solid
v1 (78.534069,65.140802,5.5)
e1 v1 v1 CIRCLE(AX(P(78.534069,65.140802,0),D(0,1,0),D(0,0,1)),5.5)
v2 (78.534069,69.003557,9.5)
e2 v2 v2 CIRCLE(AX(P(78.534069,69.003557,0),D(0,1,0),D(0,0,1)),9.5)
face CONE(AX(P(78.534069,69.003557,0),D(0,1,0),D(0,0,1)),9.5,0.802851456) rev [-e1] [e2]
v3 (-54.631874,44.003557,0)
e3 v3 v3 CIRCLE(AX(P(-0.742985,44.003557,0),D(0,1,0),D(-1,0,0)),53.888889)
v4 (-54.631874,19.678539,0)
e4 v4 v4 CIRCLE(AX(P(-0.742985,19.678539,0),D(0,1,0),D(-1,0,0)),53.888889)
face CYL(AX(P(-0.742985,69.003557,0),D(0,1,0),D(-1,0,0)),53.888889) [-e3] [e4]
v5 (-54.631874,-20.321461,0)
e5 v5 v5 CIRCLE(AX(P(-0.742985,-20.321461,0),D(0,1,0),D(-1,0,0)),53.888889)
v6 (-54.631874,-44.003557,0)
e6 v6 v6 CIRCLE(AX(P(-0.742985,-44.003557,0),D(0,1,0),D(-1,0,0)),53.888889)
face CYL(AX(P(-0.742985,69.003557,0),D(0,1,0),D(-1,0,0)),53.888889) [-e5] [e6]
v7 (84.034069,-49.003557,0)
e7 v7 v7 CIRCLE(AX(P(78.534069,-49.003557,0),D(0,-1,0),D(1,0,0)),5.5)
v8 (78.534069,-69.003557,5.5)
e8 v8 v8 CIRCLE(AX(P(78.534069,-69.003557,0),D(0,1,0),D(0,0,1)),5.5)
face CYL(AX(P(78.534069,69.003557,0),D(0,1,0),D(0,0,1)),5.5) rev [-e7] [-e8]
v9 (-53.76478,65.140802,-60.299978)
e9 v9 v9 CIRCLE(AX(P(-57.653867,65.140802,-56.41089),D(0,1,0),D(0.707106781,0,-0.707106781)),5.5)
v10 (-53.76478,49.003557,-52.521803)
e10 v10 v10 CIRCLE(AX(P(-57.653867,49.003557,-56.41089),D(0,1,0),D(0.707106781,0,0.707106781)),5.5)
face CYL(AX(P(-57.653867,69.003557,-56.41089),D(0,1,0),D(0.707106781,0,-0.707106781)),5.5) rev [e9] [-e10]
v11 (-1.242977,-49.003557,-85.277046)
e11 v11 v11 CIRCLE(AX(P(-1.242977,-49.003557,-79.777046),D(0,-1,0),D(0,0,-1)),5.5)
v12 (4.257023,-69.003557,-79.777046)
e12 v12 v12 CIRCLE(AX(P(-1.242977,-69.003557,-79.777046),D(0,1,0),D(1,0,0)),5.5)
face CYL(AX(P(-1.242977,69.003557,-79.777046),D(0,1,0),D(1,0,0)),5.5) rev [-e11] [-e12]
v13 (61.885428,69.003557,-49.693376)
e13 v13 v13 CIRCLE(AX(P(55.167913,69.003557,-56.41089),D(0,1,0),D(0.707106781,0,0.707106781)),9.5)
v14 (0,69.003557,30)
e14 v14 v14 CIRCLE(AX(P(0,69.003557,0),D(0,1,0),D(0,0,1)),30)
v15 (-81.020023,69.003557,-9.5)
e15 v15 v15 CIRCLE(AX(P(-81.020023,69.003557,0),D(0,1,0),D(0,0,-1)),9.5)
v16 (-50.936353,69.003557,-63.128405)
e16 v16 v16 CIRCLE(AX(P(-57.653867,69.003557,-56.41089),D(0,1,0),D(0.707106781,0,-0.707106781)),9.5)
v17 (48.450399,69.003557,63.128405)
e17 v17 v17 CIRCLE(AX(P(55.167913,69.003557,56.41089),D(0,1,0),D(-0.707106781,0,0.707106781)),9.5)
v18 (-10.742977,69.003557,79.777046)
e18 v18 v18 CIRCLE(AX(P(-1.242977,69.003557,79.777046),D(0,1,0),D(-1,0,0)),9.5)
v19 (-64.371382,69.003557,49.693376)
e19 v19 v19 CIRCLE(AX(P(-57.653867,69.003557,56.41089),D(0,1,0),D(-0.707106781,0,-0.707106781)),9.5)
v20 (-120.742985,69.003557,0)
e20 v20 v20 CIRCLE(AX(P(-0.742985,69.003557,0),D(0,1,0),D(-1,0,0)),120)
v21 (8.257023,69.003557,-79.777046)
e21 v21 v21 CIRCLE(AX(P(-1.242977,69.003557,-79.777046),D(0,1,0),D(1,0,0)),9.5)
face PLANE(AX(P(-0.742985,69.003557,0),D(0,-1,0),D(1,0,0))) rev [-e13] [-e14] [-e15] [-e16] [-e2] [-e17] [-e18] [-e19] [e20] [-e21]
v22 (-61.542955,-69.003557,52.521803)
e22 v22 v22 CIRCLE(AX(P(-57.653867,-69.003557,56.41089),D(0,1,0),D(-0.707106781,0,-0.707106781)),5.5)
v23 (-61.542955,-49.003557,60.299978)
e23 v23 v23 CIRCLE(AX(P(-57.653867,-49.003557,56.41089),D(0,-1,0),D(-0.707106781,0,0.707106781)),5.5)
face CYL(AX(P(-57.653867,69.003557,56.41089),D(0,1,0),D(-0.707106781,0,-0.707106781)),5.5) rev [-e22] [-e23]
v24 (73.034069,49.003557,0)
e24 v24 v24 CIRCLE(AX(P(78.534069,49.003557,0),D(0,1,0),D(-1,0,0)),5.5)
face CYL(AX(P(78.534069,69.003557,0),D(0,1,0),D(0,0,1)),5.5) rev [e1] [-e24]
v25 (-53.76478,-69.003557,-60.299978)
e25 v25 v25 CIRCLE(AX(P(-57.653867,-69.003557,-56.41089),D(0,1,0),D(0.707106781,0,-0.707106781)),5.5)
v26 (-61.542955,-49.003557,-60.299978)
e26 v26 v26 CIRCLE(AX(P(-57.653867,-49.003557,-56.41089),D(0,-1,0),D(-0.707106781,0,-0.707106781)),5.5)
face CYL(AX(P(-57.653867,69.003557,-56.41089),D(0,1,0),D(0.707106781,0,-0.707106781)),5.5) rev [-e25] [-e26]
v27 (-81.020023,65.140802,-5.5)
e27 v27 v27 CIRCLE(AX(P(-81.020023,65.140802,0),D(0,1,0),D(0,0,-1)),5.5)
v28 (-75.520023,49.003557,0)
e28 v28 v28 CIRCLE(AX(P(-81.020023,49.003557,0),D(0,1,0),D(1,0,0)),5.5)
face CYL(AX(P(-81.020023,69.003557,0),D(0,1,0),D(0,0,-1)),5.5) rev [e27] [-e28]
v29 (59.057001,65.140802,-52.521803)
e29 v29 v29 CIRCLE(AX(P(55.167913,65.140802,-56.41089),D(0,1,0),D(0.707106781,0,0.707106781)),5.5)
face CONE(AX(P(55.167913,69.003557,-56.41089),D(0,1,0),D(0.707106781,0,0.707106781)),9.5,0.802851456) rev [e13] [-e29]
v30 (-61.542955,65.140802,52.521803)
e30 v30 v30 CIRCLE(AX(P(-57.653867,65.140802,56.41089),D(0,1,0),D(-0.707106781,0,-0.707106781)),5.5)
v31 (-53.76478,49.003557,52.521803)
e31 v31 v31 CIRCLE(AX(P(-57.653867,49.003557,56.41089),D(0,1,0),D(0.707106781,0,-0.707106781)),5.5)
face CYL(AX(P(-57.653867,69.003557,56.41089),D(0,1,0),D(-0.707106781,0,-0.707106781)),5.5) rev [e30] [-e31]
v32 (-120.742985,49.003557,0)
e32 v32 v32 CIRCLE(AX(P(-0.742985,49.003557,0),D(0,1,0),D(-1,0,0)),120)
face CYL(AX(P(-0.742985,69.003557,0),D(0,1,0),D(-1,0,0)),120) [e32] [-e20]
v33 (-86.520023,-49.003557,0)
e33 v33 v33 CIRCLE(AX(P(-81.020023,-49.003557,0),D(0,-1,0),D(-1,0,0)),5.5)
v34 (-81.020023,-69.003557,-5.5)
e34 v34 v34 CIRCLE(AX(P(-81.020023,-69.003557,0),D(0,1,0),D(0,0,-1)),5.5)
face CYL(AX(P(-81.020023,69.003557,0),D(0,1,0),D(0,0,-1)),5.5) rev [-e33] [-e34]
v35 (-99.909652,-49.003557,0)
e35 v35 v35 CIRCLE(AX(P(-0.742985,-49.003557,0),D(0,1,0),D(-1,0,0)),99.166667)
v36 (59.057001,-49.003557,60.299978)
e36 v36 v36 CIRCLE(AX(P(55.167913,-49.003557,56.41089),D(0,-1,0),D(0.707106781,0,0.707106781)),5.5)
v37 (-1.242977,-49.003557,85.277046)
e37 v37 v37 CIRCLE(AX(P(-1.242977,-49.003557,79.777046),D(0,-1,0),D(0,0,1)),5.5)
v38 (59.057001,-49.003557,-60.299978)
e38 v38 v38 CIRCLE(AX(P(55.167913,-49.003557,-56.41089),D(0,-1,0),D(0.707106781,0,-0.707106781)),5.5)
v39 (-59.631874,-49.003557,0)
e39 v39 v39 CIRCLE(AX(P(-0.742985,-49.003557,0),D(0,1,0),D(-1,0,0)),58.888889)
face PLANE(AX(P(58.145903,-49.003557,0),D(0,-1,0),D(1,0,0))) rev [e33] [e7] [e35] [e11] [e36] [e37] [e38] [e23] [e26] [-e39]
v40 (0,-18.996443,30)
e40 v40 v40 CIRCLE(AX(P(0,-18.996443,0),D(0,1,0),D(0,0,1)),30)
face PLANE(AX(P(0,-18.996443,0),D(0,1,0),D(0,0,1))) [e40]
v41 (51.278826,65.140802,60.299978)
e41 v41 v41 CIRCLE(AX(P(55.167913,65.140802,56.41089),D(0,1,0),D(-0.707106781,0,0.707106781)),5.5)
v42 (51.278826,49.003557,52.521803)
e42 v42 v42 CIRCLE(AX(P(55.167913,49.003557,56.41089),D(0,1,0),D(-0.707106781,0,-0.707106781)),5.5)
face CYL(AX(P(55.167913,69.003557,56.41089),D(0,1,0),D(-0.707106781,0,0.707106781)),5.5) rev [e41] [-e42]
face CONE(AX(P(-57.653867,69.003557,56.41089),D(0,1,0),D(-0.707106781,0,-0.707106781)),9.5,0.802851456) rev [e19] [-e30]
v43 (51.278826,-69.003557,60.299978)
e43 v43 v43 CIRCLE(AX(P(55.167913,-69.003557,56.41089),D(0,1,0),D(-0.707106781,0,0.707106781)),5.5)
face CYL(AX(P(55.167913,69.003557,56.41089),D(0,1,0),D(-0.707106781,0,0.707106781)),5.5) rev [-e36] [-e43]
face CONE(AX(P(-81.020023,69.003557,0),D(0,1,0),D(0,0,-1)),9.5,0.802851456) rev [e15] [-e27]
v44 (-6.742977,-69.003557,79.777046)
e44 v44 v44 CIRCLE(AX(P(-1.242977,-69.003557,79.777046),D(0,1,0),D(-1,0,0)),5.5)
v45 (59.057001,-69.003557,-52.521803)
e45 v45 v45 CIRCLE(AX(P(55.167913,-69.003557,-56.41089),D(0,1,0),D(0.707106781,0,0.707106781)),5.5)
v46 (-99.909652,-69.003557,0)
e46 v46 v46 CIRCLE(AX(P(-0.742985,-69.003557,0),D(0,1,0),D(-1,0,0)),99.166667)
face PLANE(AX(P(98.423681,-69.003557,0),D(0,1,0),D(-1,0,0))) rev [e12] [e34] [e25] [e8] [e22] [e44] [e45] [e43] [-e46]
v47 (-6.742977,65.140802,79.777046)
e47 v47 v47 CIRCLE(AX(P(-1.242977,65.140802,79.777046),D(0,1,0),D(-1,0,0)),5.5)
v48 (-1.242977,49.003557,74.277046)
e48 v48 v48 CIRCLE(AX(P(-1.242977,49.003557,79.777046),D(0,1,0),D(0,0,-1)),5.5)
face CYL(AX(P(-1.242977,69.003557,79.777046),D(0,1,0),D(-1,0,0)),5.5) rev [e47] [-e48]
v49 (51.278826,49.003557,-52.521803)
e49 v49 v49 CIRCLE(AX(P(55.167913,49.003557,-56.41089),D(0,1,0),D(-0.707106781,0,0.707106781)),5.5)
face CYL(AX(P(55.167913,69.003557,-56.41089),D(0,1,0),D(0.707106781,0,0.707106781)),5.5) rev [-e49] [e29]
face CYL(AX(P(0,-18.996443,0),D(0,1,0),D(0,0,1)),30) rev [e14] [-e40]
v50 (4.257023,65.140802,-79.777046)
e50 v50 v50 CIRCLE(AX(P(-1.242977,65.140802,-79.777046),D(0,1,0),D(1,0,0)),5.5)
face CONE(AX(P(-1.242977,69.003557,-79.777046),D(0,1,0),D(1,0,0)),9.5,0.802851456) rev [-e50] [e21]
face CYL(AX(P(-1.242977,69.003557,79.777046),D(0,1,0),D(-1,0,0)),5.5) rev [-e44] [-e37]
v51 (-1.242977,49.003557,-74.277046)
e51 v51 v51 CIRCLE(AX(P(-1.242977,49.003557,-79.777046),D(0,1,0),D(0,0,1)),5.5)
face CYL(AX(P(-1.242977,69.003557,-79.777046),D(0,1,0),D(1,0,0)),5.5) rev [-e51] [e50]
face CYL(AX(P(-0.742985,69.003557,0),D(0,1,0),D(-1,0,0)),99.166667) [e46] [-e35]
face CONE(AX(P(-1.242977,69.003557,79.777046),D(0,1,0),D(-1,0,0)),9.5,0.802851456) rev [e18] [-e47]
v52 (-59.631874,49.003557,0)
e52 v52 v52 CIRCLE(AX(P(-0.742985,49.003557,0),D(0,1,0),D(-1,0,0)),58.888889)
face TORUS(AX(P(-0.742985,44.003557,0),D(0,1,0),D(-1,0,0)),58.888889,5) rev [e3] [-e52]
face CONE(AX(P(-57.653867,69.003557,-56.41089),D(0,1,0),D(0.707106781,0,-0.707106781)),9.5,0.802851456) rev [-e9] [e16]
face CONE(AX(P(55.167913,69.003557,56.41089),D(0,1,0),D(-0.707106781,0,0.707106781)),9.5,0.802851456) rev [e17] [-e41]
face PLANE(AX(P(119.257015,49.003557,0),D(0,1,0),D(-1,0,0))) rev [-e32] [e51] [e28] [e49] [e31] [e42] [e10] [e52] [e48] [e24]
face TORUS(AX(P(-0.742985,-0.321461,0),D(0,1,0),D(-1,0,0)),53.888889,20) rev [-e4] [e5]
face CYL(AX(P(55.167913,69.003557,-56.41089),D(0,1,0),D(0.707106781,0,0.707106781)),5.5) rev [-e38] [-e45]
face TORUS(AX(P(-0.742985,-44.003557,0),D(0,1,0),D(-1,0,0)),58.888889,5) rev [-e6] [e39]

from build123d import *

# Parameters (mm, degrees)
CSK_FOR_M10_CROSS_COUNTERSUNK_HEAD_SCREW_D           = 11
CSK_FOR_M10_CROSS_COUNTERSUNK_HEAD_SCREW_CSINK_D     = 19
CSK_FOR_M10_CROSS_COUNTERSUNK_HEAD_SCREW_CSINK_ANGLE = 92
CIRPATTERN1_COUNT                                    = 8
SKETCH4_R                                            = 30
CUT_EXTRUDE1_DEPTH                                   = 88


with BuildPart() as part:
    # Sketch1 → Revolve1 (revolve)
    with BuildSketch(Plane.XY, mode=Mode.PRIVATE) as revolve1_sk:
        with BuildLine():
            Line((-0.742985442, 69.00355741), (119.257014558, 69.00355741))
            Line((119.257014558, 69.00355741), (119.257014558, 49.00355741))
            Line((119.257014558, 49.00355741), (58.145903447, 49.00355741))
            ThreePointArc((58.145903447, 49.00355741), (54.610369541, 47.539091316), (53.145903447, 44.00355741))
            Line((53.145903447, 44.00355741), (53.145903447, 19.678538808))
            ThreePointArc((53.145903447, 19.678538808), (33.145903447, -0.321461192), (53.145903447, -20.321461192))
            Line((53.145903447, -20.321461192), (53.145903447, -44.00355741))
            ThreePointArc((53.145903447, -44.00355741), (54.610369541, -47.539091316), (58.145903447, -49.00355741))
            Line((58.145903447, -49.00355741), (98.423681225, -49.00355741))
            Line((98.423681225, -49.00355741), (98.423681225, -69.00355741))
            Line((98.423681225, -69.00355741), (-0.742985442, -69.00355741))
            Line((-0.742985442, -69.00355741), (-0.742985442, -7.70421595))
            ThreePointArc((-0.742985442, -7.70421595), (7.739959352, 0), (-0.742985442, 7.70421595))
            Line((-0.742985442, 7.70421595), (-0.742985442, 69.00355741))
        make_face()
    revolve(revolve1_sk.sketch.rotate(Axis((-0.742985442, 69.00355741, 0), (0, -1, 0)), 180), axis=Axis((-0.742985442, 69.00355741, 0), (0, -1, 0)))

    # CSK for M10 Cross Countersunk Head Screw1 (through all)
    with Locations(Plane(origin=(0, 69.00355741, 0), x_dir=(1, 0, 0), z_dir=(0, 1, 0))):
        with Locations((78.534069327, 0)):
            csk_for_m10_cross_countersunk_head_screw = CounterSinkHole(CSK_FOR_M10_CROSS_COUNTERSUNK_HEAD_SCREW_D / 2, CSK_FOR_M10_CROSS_COUNTERSUNK_HEAD_SCREW_CSINK_D / 2, counter_sink_angle=CSK_FOR_M10_CROSS_COUNTERSUNK_HEAD_SCREW_CSINK_ANGLE)

    # CirPattern1: CSK for M10 Cross Countersunk Head Screw1 ×8 about axis
    cirpattern1_axis = Axis((-1.242977, 0, 0), (0, 1, 0))
    for i in range(1, CIRPATTERN1_COUNT):
        add(csk_for_m10_cross_countersunk_head_screw.rotate(cirpattern1_axis, i * 360 / CIRPATTERN1_COUNT), mode=Mode.SUBTRACT)

    # Sketch4 → Cut-Extrude1 (cut)
    with BuildSketch(Plane(origin=(0, 69.00355741, 0), x_dir=(1, 0, 0), z_dir=(0, 1, 0))):
        with Locations(Location((0, 0, 0), (0, 0, 270))):
            Circle(SKETCH4_R)
    extrude(amount=-CUT_EXTRUDE1_DEPTH, mode=Mode.SUBTRACT)


solid = part.part
